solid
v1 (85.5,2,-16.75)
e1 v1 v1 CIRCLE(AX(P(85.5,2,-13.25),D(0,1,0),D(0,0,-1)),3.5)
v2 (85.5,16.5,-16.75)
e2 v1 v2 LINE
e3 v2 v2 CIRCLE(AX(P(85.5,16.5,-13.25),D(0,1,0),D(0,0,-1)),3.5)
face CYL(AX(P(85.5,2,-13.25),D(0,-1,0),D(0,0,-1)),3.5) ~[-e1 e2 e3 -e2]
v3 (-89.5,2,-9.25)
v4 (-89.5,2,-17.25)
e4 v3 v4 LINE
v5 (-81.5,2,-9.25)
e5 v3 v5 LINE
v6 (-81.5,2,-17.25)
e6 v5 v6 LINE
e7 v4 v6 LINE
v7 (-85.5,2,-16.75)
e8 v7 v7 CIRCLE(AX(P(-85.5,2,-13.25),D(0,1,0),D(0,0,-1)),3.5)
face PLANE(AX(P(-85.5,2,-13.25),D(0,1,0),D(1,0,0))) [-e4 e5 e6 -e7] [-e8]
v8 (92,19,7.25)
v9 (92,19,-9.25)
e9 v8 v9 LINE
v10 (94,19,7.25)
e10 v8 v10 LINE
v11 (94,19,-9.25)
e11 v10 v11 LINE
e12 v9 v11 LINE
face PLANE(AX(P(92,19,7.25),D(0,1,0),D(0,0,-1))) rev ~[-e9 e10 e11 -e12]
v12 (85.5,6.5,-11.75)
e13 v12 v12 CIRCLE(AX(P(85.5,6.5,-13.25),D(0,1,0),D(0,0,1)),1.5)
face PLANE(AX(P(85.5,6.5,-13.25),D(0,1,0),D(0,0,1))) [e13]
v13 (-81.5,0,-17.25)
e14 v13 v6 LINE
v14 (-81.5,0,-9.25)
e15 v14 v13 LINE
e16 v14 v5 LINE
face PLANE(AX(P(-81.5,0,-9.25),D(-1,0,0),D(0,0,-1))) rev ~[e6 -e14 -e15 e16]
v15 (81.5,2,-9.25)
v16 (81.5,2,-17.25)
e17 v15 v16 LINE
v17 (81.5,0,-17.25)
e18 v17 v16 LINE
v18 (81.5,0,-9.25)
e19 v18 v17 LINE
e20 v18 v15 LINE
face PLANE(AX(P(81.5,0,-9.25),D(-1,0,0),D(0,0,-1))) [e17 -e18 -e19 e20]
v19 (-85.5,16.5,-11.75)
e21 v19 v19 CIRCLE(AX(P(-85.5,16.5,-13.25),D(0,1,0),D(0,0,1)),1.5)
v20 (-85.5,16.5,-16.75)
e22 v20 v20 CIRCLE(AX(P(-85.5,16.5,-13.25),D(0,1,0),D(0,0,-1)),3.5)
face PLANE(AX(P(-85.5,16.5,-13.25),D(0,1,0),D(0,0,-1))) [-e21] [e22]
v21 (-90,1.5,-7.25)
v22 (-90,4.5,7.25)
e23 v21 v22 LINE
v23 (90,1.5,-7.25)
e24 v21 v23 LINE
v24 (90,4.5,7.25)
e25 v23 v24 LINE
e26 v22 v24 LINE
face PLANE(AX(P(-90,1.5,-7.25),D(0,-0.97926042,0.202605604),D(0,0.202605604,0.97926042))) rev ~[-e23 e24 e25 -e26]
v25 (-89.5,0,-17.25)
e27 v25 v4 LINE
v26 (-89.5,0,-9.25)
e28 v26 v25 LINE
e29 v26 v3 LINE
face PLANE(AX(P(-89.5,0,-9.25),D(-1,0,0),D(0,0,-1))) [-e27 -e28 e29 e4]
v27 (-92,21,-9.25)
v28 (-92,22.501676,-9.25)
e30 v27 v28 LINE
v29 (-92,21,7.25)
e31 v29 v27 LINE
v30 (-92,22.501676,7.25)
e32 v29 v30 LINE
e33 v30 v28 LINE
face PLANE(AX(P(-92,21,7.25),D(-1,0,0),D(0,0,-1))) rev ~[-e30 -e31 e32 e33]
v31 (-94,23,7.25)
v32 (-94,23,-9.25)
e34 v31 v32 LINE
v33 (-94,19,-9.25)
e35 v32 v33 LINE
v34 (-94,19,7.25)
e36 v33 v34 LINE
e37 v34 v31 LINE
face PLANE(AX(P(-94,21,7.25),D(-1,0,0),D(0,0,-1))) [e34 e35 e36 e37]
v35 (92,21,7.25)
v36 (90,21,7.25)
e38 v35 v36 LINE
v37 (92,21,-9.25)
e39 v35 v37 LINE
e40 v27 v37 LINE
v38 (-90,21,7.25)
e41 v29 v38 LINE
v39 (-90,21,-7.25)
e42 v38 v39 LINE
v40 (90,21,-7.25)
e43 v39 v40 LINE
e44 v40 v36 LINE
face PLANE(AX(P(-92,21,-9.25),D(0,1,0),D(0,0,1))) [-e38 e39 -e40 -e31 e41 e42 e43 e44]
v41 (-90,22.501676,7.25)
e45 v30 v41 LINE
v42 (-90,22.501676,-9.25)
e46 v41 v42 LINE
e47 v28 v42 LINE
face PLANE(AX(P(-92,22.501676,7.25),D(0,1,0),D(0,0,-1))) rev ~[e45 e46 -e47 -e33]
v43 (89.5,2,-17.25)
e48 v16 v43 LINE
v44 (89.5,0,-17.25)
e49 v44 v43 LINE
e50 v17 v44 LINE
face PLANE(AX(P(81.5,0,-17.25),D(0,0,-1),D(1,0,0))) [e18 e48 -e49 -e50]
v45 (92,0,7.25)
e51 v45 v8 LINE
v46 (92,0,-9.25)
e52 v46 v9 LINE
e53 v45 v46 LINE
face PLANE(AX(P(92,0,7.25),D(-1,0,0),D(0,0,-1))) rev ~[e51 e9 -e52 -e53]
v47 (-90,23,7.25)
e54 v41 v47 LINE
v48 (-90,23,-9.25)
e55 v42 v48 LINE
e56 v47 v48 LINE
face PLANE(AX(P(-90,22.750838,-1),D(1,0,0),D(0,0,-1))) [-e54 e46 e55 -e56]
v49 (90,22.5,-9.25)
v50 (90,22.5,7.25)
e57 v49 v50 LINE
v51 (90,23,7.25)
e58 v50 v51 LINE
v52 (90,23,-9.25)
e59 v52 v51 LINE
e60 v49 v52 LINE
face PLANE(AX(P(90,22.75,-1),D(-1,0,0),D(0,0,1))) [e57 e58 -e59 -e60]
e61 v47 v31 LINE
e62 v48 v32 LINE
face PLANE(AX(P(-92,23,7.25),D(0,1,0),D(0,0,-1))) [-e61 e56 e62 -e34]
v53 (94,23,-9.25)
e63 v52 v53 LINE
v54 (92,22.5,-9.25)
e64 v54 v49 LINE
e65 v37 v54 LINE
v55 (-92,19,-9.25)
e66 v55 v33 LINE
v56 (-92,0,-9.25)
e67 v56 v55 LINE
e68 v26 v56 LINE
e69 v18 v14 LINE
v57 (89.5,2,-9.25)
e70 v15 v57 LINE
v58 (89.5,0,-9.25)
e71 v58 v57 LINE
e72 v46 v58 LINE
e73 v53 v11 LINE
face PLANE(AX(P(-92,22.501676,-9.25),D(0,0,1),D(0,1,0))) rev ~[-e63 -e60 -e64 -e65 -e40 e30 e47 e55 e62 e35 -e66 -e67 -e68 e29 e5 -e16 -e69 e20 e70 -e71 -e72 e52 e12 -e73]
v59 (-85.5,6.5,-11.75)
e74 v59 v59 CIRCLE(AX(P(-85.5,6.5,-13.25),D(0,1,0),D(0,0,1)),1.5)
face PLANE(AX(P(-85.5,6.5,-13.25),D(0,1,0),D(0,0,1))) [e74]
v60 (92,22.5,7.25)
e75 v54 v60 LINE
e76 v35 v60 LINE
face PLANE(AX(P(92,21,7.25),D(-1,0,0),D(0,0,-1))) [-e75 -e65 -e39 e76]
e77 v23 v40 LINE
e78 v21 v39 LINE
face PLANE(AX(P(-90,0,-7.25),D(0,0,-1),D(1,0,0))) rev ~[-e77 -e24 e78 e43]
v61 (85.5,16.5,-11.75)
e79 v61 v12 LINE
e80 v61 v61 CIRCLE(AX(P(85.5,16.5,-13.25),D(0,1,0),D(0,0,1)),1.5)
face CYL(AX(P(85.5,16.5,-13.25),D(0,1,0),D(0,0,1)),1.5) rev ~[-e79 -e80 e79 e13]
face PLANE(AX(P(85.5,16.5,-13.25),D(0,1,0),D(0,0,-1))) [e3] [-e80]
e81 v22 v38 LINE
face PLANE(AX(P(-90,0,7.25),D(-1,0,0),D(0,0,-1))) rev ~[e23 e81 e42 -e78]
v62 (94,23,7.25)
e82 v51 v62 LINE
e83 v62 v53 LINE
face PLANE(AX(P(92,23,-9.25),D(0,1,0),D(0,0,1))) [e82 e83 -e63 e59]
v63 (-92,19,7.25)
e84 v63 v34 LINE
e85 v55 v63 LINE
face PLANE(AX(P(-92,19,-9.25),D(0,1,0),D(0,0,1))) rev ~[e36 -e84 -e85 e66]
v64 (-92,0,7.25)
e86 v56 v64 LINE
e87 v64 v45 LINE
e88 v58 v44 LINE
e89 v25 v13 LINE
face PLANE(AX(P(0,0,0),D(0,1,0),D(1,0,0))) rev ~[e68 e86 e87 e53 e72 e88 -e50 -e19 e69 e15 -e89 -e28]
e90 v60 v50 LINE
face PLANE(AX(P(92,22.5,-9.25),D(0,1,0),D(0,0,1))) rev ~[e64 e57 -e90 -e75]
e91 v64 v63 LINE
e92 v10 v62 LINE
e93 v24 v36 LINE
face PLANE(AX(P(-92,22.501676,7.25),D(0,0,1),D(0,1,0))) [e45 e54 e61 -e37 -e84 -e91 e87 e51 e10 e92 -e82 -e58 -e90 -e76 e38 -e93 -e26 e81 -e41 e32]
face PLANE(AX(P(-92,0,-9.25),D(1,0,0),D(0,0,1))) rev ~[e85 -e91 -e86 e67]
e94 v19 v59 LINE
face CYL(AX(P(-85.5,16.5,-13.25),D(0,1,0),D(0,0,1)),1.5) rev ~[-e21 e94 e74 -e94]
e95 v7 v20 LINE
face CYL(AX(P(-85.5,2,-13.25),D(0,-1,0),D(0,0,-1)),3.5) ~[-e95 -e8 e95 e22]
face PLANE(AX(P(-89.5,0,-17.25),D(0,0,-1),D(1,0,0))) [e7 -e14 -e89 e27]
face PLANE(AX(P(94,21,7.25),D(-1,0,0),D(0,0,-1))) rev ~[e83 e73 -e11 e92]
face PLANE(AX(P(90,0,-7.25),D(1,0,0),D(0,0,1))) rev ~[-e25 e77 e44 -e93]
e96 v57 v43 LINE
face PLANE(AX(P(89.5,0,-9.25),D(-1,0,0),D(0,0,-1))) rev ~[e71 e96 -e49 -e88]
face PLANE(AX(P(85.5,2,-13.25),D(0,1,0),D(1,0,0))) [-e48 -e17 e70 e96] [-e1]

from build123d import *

# Parameters (mm, degrees)
SKIZZE1_W                        = 180
SKIZZE1_H                        = 14.5
AUFSATZ_LINEAR_AUSTRAGEN1_DEPTH  = 4.5
SCHNITT_LINEAR_AUSTRAGEN2_DEPTH  = 181.202143439
SKIZZE4_W                        = 180
SKIZZE4_H                        = 2
AUFSATZ_LINEAR_AUSTRAGEN2_DEPTH  = 21
SKIZZE5_W                        = 8
SKIZZE5_H                        = 8
AUFSATZ_LINEAR_AUSTRAGEN3_DEPTH  = 2
SKIZZE6_R                        = 3.5
AUFSATZ_LINEAR_AUSTRAGEN4_DEPTH  = 14.5
SKIZZE7_R                        = 1.5
SCHNITT_LINEAR_AUSTRAGEN3_DEPTH  = 10
SKIZZE8_W                        = 16.5
SKIZZE8_H                        = 2
AUFSATZ_LINEAR_AUSTRAGEN5_DEPTH  = 2
SKIZZE9_W                        = 2
SKIZZE9_H                        = 16.5
AUFSATZ_LINEAR_AUSTRAGEN6_DEPTH  = 2
SKIZZE10_W                       = 16.5
SKIZZE10_H                       = 0.5
AUFSATZ_LINEAR_AUSTRAGEN7_DEPTH  = 2
SKIZZE11_W                       = 16.5
SKIZZE11_H                       = 2
AUFSATZ_LINEAR_AUSTRAGEN8_DEPTH  = 2
SKIZZE12_W                       = 2
SKIZZE12_H                       = 16.5
AUFSATZ_LINEAR_AUSTRAGEN9_DEPTH  = 2
SKIZZE13_W                       = 16.5
SKIZZE13_H                       = 0.498323608
AUFSATZ_LINEAR_AUSTRAGEN10_DEPTH = 2


with BuildPart() as part:
    # Skizze1 → Aufsatz-Linear austragen1 (new body)
    with BuildSketch(Plane(origin=(0, 0, 0), x_dir=(1, 0, 0), z_dir=(0, 1, 0))):
        Rectangle(SKIZZE1_W, SKIZZE1_H)
    extrude(amount=AUFSATZ_LINEAR_AUSTRAGEN1_DEPTH)

    # Skizze2 → Schnitt-Linear austragen2 (cut, through all)
    with BuildSketch(Plane.ZY.offset(90)):
        Polygon((-7.25, 4.5), (-7.25, 1.5), (7.25, 4.5), align=None)
    extrude(amount=-SCHNITT_LINEAR_AUSTRAGEN2_DEPTH, mode=Mode.SUBTRACT)

    # Skizze4 → Aufsatz-Linear austragen2 (add)
    with BuildSketch(Plane(origin=(0, 0, 0), x_dir=(1, 0, 0), z_dir=(0, 1, 0))):
        with Locations((0, 8.25)):
            Rectangle(SKIZZE4_W, SKIZZE4_H)
        Polygon((90, 9.25), (90, 7.25), (90, -7.25), (92, -7.25), (92, 9.25), align=None)
        Polygon((-90, -7.25), (-90, 7.25), (-90, 9.25), (-92, 9.25), (-92, -7.25), align=None)
    extrude(amount=AUFSATZ_LINEAR_AUSTRAGEN2_DEPTH)

    # Skizze5 → Aufsatz-Linear austragen3 (add)
    with BuildSketch(Plane(origin=(0, 0, 0), x_dir=(1, 0, 0), z_dir=(0, 1, 0))):
        with Locations((-85.5, 13.25)):
            Rectangle(SKIZZE5_W, SKIZZE5_H)
        with Locations((85.5, 13.25)):
            Rectangle(SKIZZE5_W, SKIZZE5_H)
    extrude(amount=AUFSATZ_LINEAR_AUSTRAGEN3_DEPTH)

    # Skizze6 → Aufsatz-Linear austragen4 (add)
    with BuildSketch(Plane(origin=(0, 2, 0), x_dir=(1, 0, 0), z_dir=(0, 1, 0))):
        with Locations(Location((-85.5, 13.25, 0), (0, 0, 90))):
            Circle(SKIZZE6_R)
        with Locations(Location((85.5, 13.25, 0), (0, 0, 90))):
            Circle(SKIZZE6_R)
    extrude(amount=AUFSATZ_LINEAR_AUSTRAGEN4_DEPTH)

    # Skizze7 → Schnitt-Linear austragen3 (cut)
    with BuildSketch(Plane(origin=(0, 16.5, 0), x_dir=(1, 0, 0), z_dir=(0, 1, 0))):
        with Locations(Location((85.5, 13.25, 0), (0, 0, 270))):
            Circle(SKIZZE7_R)
        with Locations(Location((-85.5, 13.25, 0), (0, 0, 270))):
            Circle(SKIZZE7_R)
    extrude(amount=-SCHNITT_LINEAR_AUSTRAGEN3_DEPTH, mode=Mode.SUBTRACT)

    # Skizze8 → Aufsatz-Linear austragen5 (add)
    with BuildSketch(Plane(origin=(92, 0, 0), x_dir=(0, 0, -1), z_dir=(1, 0, 0))):
        with Locations((1, 20)):
            Rectangle(SKIZZE8_W, SKIZZE8_H)
    extrude(amount=AUFSATZ_LINEAR_AUSTRAGEN5_DEPTH)

    # Skizze9 → Aufsatz-Linear austragen6 (add)
    with BuildSketch(Plane(origin=(0, 21, 0), x_dir=(1, 0, 0), z_dir=(0, 1, 0))):
        with Locations((93, 1)):
            Rectangle(SKIZZE9_W, SKIZZE9_H)
    extrude(amount=AUFSATZ_LINEAR_AUSTRAGEN6_DEPTH)

    # Skizze10 → Aufsatz-Linear austragen7 (add)
    with BuildSketch(Plane.ZY.offset(-92)):
        with Locations((-1, 22.75)):
            Rectangle(SKIZZE10_W, SKIZZE10_H)
    extrude(amount=AUFSATZ_LINEAR_AUSTRAGEN7_DEPTH)

    # Skizze11 → Aufsatz-Linear austragen8 (add)
    with BuildSketch(Plane.ZY.offset(92)):
        with Locations((-1, 20)):
            Rectangle(SKIZZE11_W, SKIZZE11_H)
    extrude(amount=AUFSATZ_LINEAR_AUSTRAGEN8_DEPTH)

    # Skizze12 → Aufsatz-Linear austragen9 (add)
    with BuildSketch(Plane(origin=(0, 21, 0), x_dir=(1, 0, 0), z_dir=(0, 1, 0))):
        with Locations((-93, 1)):
            Rectangle(SKIZZE12_W, SKIZZE12_H)
    extrude(amount=AUFSATZ_LINEAR_AUSTRAGEN9_DEPTH)

    # Skizze13 → Aufsatz-Linear austragen10 (add)
    with BuildSketch(Plane(origin=(-92, 0, 0), x_dir=(0, 0, -1), z_dir=(1, 0, 0))):
        with Locations((1, 22.750838196)):
            Rectangle(SKIZZE13_W, SKIZZE13_H)
    extrude(amount=AUFSATZ_LINEAR_AUSTRAGEN10_DEPTH)


solid = part.part
